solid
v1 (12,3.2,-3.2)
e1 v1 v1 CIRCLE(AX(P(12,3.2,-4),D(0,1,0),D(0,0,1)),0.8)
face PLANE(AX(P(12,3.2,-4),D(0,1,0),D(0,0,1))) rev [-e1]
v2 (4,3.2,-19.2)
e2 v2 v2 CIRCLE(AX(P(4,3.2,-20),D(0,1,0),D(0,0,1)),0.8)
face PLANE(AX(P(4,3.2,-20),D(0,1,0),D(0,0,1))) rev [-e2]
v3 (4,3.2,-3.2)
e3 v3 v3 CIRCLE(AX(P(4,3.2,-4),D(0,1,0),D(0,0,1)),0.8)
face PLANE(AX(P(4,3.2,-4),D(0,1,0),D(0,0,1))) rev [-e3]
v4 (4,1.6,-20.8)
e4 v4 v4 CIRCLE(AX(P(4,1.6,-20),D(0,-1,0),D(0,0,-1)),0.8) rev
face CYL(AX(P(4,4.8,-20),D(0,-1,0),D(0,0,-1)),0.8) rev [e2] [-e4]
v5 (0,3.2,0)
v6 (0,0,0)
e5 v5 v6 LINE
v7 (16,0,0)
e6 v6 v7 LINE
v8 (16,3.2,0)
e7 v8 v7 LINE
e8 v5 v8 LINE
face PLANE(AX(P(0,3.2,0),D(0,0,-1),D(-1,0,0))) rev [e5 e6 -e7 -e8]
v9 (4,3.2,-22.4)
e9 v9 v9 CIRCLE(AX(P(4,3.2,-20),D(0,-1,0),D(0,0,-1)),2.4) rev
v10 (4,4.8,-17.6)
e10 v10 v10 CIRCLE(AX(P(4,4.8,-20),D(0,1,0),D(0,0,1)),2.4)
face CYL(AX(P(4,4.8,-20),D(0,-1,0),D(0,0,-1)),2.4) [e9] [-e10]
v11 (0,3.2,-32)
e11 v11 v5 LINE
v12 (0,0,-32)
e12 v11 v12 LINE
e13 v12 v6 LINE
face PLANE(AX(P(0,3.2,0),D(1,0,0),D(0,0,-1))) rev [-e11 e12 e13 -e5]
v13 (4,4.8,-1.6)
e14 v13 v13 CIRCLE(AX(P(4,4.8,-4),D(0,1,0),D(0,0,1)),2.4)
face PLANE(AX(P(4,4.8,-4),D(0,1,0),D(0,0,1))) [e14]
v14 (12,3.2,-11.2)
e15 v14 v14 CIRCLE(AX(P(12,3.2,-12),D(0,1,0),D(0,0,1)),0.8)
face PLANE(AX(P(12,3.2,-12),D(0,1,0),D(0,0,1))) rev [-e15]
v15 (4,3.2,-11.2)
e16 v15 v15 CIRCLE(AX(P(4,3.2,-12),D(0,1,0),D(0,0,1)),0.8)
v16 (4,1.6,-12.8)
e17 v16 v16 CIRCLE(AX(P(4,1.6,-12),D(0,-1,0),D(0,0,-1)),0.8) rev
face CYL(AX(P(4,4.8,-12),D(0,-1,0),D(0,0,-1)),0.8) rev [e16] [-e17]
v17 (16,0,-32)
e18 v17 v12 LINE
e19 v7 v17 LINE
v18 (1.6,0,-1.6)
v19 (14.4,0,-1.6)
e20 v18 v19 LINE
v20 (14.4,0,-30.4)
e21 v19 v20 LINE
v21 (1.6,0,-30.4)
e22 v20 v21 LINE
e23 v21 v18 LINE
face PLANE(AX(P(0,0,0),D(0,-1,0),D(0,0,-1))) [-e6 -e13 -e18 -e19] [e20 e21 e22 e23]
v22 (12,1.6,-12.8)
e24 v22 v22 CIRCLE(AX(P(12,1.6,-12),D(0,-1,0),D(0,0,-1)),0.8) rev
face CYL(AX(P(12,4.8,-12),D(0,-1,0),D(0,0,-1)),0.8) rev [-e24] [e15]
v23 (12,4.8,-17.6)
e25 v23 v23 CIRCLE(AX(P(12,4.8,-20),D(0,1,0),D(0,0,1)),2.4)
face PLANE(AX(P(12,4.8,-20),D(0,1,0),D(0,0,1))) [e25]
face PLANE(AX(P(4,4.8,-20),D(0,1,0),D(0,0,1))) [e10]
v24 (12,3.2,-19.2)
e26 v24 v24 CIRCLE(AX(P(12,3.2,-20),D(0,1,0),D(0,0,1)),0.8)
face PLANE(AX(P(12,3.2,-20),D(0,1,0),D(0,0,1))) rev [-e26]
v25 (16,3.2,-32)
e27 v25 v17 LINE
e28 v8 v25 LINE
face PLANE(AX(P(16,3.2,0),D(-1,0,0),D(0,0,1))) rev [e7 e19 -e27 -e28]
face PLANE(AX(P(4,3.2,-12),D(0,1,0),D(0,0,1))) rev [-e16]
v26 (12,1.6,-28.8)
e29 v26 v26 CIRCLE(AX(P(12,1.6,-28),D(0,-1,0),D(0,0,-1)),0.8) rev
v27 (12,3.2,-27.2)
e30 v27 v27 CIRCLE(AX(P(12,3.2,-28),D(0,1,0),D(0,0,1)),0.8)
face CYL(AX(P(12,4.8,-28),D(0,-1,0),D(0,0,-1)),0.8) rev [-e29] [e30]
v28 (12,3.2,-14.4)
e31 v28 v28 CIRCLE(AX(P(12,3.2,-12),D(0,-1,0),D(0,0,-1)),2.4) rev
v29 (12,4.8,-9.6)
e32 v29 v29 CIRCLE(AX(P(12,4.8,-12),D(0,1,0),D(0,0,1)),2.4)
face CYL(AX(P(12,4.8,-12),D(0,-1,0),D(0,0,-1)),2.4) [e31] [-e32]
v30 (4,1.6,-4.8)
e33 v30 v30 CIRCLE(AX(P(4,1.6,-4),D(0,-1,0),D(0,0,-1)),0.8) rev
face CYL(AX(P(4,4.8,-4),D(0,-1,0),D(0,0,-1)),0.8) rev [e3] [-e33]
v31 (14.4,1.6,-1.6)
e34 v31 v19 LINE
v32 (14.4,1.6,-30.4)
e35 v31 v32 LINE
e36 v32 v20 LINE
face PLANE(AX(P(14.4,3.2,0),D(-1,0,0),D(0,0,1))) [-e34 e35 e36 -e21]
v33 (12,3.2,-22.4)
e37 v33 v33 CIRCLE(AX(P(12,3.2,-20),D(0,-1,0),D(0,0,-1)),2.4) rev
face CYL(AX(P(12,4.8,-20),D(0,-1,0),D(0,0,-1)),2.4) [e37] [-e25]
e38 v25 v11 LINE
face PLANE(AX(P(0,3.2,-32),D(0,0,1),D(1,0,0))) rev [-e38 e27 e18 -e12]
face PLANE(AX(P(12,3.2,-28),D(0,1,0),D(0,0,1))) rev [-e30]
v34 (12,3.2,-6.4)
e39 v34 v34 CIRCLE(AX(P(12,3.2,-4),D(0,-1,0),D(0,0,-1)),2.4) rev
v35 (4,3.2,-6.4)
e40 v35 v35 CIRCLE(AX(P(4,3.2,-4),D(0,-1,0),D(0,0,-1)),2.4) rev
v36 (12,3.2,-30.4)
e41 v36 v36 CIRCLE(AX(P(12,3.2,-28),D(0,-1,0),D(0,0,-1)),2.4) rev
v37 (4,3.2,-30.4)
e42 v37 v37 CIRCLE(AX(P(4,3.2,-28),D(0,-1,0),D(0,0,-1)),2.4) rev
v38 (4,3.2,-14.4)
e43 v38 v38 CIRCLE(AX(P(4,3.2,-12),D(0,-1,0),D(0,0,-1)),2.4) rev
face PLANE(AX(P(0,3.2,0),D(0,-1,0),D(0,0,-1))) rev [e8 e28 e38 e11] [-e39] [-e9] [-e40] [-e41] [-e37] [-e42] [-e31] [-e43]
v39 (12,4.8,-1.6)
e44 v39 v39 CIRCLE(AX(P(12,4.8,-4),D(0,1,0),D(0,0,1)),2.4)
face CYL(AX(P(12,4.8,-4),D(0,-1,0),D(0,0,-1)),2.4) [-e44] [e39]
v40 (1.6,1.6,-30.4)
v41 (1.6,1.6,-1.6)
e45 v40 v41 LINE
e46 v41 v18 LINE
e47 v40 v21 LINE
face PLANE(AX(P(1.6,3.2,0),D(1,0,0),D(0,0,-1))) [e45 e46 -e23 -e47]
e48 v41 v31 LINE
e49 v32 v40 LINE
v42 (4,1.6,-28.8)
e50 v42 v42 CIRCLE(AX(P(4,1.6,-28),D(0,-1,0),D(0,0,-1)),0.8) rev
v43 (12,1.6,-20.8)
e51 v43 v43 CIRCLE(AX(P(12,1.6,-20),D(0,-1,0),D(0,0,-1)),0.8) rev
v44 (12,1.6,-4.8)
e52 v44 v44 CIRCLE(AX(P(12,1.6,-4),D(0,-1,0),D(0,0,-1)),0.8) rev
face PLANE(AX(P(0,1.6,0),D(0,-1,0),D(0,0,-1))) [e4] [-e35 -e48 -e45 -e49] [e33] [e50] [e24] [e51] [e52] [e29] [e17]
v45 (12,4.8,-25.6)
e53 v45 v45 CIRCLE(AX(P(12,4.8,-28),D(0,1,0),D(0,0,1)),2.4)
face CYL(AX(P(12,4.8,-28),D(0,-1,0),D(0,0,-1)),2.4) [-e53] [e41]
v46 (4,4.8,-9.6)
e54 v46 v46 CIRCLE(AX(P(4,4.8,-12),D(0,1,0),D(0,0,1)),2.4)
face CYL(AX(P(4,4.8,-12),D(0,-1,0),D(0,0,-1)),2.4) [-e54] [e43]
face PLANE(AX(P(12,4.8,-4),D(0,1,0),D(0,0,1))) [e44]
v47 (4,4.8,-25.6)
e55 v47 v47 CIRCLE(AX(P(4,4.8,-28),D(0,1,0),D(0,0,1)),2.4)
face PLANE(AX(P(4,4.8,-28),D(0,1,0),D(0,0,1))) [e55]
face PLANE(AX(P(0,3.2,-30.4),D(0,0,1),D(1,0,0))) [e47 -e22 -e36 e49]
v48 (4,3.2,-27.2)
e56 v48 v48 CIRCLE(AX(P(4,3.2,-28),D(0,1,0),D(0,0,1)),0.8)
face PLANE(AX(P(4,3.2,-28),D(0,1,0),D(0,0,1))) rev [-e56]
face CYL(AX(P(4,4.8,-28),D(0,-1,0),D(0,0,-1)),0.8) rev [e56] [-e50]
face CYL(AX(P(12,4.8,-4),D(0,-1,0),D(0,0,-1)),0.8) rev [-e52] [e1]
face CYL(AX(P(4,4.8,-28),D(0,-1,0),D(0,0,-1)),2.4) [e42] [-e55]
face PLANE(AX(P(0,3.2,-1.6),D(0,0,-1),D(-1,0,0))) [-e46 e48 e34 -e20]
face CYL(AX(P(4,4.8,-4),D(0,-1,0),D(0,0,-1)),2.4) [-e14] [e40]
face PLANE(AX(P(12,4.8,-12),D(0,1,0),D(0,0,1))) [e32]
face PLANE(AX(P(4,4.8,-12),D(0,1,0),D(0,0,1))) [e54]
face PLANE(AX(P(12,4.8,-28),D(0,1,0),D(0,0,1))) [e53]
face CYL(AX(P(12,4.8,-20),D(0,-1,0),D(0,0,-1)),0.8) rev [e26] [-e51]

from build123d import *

# Parameters (mm, degrees)
SKETCH1_W            = 16
SKETCH1_H            = 32
BOSS_EXTRUDE1_DEPTH  = 3.2
SKETCH2_R            = 2.4
BOSS_EXTRUDE2_DEPTH  = 1.6
LPATTERN1_COUNT      = 2
LPATTERN1_PITCH      = 8
LPATTERN1_COUNT_DIR2 = 4
LPATTERN1_PITCH_DIR2 = 8
SHELL1_T             = -1.6


with BuildPart() as part:
    # Sketch1 → Boss-Extrude1 (new body)
    with BuildSketch(Plane(origin=(0, 0, 0), x_dir=(1, 0, 0), z_dir=(0, 1, 0))):
        with Locations((8, 16)):
            Rectangle(SKETCH1_W, SKETCH1_H)
    extrude(amount=BOSS_EXTRUDE1_DEPTH)

    # Sketch2 → Boss-Extrude2 (add)
    with BuildSketch(Plane(origin=(0, 3.2, 0), x_dir=(1, 0, 0), z_dir=(0, 1, 0))):
        with Locations(Location((12, 4, 0), (0, 0, 90))):
            Circle(SKETCH2_R)
    boss_extrude2 = extrude(amount=BOSS_EXTRUDE2_DEPTH)

    # LPattern1: Boss-Extrude2 2 × 4
    with Locations(*[(-i * LPATTERN1_PITCH, 0, -j * LPATTERN1_PITCH_DIR2) for i in range(LPATTERN1_COUNT) for j in range(LPATTERN1_COUNT_DIR2) if (i, j) != (0, 0)]):
        add(boss_extrude2)

    # Shell1
    shell1_openings = [part.faces().sort_by_distance(p)[0] for p in [
        (8, 0, -16),
    ]]
    offset(amount=SHELL1_T, openings=shell1_openings, kind=Kind.INTERSECTION)


solid = part.part
